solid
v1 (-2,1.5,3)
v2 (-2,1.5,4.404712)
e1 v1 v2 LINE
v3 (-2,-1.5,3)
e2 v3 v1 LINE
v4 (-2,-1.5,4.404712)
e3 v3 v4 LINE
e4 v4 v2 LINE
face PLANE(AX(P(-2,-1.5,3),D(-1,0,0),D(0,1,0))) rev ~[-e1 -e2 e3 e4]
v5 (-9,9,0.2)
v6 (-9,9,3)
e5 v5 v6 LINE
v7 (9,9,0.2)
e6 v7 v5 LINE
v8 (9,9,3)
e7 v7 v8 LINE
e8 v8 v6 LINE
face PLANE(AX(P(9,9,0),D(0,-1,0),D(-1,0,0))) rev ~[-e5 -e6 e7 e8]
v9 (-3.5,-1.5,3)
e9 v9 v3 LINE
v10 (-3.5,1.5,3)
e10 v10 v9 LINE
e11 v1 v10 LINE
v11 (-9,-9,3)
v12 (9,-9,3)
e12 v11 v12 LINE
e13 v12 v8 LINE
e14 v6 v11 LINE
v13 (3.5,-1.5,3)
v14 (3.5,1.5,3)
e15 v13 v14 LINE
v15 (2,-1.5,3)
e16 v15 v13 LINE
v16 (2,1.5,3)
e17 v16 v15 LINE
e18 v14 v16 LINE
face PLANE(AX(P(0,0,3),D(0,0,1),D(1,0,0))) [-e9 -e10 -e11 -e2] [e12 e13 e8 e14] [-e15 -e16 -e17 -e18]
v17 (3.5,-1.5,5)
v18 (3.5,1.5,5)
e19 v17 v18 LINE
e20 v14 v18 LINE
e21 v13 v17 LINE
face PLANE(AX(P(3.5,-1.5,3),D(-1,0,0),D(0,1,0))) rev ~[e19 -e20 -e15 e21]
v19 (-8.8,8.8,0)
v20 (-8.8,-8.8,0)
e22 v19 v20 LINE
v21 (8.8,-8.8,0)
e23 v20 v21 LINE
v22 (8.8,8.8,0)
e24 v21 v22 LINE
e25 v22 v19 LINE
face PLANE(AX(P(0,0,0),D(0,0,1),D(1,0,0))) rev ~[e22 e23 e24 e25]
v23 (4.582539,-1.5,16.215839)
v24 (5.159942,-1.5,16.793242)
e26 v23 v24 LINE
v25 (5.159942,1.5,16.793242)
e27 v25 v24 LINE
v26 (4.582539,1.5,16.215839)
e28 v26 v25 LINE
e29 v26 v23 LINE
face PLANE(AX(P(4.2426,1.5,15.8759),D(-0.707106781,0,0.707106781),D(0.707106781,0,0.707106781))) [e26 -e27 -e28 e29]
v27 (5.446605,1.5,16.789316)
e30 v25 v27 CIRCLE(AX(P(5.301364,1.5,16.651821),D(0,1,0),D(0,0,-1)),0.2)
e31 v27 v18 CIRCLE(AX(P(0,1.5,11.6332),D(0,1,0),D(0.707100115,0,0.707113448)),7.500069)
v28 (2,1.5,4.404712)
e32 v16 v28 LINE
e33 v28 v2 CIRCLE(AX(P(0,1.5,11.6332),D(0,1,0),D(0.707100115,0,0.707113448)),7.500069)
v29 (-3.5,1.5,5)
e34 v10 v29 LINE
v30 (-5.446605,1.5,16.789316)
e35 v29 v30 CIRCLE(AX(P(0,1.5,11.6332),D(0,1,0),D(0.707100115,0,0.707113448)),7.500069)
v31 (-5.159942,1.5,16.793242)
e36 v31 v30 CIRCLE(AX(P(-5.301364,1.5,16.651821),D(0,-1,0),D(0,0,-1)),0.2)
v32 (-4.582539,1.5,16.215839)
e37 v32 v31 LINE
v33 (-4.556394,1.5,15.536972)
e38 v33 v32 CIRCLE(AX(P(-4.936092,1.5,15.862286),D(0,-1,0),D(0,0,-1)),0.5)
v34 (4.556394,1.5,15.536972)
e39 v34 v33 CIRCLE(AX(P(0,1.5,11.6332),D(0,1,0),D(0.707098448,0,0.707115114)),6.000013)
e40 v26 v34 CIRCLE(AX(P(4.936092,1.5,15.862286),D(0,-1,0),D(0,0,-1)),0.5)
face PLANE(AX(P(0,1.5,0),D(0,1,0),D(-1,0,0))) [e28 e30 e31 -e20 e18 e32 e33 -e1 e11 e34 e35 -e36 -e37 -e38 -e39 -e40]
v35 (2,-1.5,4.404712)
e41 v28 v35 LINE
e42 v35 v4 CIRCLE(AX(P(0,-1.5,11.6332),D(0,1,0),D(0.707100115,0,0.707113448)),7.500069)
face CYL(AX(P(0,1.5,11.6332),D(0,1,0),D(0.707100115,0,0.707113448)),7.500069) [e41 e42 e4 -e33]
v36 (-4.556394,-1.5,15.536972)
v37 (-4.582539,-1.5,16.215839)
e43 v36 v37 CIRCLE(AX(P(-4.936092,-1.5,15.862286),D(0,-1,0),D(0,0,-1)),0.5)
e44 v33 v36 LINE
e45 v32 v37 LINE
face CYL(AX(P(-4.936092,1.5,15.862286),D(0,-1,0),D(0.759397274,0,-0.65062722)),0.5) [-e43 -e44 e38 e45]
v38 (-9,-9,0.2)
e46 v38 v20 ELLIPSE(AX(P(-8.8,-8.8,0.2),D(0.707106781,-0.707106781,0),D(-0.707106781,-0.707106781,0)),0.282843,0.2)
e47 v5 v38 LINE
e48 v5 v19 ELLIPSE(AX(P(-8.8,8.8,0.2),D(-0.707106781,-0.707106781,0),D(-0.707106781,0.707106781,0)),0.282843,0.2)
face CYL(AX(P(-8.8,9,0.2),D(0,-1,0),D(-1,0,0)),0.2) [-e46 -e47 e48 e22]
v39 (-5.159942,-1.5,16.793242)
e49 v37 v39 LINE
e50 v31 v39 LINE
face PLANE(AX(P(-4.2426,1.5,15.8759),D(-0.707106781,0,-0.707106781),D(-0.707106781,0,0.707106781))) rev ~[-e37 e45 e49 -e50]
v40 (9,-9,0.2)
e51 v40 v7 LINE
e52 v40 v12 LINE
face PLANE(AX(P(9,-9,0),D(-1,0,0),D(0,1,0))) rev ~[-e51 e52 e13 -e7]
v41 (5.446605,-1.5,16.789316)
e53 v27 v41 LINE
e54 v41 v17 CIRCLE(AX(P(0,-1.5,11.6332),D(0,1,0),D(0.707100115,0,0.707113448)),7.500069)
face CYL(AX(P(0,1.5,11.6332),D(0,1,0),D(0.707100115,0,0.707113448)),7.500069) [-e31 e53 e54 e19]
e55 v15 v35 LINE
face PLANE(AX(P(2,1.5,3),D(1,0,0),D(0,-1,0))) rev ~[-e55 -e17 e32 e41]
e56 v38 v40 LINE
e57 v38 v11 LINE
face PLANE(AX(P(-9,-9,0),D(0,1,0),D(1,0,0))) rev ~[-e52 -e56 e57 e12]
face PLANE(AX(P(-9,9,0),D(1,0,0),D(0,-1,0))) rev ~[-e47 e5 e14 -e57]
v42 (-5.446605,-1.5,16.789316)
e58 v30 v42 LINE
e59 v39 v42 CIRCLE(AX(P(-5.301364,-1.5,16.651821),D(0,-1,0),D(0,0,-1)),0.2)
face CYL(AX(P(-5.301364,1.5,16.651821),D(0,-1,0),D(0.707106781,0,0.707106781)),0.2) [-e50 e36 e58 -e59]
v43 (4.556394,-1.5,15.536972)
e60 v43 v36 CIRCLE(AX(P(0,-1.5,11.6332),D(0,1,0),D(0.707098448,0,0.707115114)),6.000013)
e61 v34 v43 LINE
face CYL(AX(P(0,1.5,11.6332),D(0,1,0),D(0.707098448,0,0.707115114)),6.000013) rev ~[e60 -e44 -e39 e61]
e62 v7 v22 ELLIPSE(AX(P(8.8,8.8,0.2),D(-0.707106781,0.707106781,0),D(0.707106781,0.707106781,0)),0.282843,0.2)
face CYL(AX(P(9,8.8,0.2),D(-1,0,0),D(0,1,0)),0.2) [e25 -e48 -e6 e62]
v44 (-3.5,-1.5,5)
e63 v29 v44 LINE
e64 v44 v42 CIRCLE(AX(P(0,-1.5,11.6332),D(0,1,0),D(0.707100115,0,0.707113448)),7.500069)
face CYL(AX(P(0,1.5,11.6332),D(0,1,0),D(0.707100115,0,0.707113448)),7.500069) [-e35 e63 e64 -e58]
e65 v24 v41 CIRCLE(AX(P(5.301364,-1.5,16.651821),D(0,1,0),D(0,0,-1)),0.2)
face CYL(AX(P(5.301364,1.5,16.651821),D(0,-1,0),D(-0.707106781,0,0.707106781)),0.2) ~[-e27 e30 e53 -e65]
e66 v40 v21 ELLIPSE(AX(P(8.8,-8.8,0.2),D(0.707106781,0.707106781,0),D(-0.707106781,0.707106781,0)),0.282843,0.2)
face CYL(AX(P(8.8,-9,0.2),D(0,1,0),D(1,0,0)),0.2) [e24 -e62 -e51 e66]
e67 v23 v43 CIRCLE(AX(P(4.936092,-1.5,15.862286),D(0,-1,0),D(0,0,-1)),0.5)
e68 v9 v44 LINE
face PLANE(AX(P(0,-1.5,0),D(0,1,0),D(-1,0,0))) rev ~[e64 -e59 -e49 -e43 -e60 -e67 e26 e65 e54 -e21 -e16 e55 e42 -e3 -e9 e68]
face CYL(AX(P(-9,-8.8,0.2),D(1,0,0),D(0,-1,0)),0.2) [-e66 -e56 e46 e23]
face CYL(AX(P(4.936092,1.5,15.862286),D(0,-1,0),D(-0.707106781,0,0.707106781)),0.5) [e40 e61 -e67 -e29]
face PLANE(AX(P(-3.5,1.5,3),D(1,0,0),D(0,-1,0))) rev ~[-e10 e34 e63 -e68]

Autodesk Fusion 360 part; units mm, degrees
sketch "Sketch1" plane through (0, 0, 0) normal (0, 0, 1) x (1, 0, 0)
  line L0 (9, 9) -> (-9, 9)
  line L1 (-9, 9) -> (-9, -9)
  line L2 (-9, -9) -> (9, -9)
  line L3 (9, -9) -> (9, 9)
  line L4 (9, 9) -> (-9, -9) construction
  line L5 (-9, 9) -> (9, -9) construction
  dimension "d1" = 18
  dimension "d2" = 18
extrude "Extrude1" add sketch "Sketch1" along normal blind 3
sketch "Sketch2" plane through (0, 0, 3) normal (0, 0, 1) x (-1, 0, 0)
  line L0 (-9, 9) -> (-9, -9)
  line L1 (-9, -9) -> (9, -9)
  line L2 (9, -9) -> (9, 9)
  line L3 (9, 9) -> (-9, 9)
  line L4 (2, -1.5) -> (3.5, -1.5)
  line L5 (3.5, -1.5) -> (3.5, 1.5)
  line L6 (3.5, 1.5) -> (2, 1.5)
  line L7 (2, 1.5) -> (2, -1.5)
  line L8 (2, -1.5) -> (3.5, 1.5) construction
  line L9 (3.5, -1.5) -> (2, 1.5) construction
  line L10 (-3.5, -1.5) -> (-2, -1.5)
  line L11 (-2, -1.5) -> (-2, 1.5)
  line L12 (-2, 1.5) -> (-3.5, 1.5)
  line L13 (-3.5, 1.5) -> (-3.5, -1.5)
  line L14 (-3.5, -1.5) -> (-2, 1.5) construction
  line L15 (-2, -1.5) -> (-3.5, 1.5) construction
  line L16 (0, -12) -> (0, 14) construction
  point P0 (2.75, 0)
  point P1 (-2.75, 0)
  dimension "d5" = 3
  dimension "d6" = 1.5
  dimension "d7" = 1.5
  dimension "d8" = 3
  dimension "d9" = 2
extrude "Extrude2" add sketch "Sketch2" along normal blind 2 contours L4 L5 L6 L7 | L10 L11 L12 L13
sketch "Sketch8" plane through (0, 1.5, 0) normal (0, 1, 0) x (-1, 0, 0)
  line L0 (-3.5, 3) -> (-2, 3)
  line L1 (-2, 3) -> (-2, 5)
  line L2 (-2, 5) -> (-3.5, 5)
  line L3 (-3.5, 5) -> (-3.5, 3)
  line L4 (-4.2426, 15.8759) -> (-5.3033, 16.9366)
  line L5 (0, 11.6332) -> (7.5, 11.6332) construction
  line L6 (4.2426, 15.8759) -> (5.3033, 16.9366)
  arc A0 (-5.3033, 16.9366) -> (5.3033, 16.9366) centre (0, 11.6332) ccw
  arc A1 (-4.2426, 15.8759) -> (4.2426, 15.8759) centre (0, 11.6332) ccw
  point P0 (3.5, 5)
  dimension "d18" = 15
  dimension "d19" = 12
  dimension "d20" = 135
extrude "Extrude3" add 1 faces at (-2.5, 1.5, 3.6667) along direction (0, -1, 0) blind 3
extrude "Extrude4" add sketch "Sketch8" against normal blind 3 contours L1 L2 L4 L6 A0 A1
fillet "Fillet1" radius 0.5 2 edges at (-4.2426, 0, 15.8759) (4.2426, 0, 15.8759)
fillet "Fillet2" radius 0.2 4 edges at (9, 0, 0) (0, 9, 0) (-9, 0, 0) (0, -9, 0)
fillet "Fillet3" radius 0.2 2 edges at (5.3033, 0, 16.9366) (-5.3033, 0, 16.9366)
